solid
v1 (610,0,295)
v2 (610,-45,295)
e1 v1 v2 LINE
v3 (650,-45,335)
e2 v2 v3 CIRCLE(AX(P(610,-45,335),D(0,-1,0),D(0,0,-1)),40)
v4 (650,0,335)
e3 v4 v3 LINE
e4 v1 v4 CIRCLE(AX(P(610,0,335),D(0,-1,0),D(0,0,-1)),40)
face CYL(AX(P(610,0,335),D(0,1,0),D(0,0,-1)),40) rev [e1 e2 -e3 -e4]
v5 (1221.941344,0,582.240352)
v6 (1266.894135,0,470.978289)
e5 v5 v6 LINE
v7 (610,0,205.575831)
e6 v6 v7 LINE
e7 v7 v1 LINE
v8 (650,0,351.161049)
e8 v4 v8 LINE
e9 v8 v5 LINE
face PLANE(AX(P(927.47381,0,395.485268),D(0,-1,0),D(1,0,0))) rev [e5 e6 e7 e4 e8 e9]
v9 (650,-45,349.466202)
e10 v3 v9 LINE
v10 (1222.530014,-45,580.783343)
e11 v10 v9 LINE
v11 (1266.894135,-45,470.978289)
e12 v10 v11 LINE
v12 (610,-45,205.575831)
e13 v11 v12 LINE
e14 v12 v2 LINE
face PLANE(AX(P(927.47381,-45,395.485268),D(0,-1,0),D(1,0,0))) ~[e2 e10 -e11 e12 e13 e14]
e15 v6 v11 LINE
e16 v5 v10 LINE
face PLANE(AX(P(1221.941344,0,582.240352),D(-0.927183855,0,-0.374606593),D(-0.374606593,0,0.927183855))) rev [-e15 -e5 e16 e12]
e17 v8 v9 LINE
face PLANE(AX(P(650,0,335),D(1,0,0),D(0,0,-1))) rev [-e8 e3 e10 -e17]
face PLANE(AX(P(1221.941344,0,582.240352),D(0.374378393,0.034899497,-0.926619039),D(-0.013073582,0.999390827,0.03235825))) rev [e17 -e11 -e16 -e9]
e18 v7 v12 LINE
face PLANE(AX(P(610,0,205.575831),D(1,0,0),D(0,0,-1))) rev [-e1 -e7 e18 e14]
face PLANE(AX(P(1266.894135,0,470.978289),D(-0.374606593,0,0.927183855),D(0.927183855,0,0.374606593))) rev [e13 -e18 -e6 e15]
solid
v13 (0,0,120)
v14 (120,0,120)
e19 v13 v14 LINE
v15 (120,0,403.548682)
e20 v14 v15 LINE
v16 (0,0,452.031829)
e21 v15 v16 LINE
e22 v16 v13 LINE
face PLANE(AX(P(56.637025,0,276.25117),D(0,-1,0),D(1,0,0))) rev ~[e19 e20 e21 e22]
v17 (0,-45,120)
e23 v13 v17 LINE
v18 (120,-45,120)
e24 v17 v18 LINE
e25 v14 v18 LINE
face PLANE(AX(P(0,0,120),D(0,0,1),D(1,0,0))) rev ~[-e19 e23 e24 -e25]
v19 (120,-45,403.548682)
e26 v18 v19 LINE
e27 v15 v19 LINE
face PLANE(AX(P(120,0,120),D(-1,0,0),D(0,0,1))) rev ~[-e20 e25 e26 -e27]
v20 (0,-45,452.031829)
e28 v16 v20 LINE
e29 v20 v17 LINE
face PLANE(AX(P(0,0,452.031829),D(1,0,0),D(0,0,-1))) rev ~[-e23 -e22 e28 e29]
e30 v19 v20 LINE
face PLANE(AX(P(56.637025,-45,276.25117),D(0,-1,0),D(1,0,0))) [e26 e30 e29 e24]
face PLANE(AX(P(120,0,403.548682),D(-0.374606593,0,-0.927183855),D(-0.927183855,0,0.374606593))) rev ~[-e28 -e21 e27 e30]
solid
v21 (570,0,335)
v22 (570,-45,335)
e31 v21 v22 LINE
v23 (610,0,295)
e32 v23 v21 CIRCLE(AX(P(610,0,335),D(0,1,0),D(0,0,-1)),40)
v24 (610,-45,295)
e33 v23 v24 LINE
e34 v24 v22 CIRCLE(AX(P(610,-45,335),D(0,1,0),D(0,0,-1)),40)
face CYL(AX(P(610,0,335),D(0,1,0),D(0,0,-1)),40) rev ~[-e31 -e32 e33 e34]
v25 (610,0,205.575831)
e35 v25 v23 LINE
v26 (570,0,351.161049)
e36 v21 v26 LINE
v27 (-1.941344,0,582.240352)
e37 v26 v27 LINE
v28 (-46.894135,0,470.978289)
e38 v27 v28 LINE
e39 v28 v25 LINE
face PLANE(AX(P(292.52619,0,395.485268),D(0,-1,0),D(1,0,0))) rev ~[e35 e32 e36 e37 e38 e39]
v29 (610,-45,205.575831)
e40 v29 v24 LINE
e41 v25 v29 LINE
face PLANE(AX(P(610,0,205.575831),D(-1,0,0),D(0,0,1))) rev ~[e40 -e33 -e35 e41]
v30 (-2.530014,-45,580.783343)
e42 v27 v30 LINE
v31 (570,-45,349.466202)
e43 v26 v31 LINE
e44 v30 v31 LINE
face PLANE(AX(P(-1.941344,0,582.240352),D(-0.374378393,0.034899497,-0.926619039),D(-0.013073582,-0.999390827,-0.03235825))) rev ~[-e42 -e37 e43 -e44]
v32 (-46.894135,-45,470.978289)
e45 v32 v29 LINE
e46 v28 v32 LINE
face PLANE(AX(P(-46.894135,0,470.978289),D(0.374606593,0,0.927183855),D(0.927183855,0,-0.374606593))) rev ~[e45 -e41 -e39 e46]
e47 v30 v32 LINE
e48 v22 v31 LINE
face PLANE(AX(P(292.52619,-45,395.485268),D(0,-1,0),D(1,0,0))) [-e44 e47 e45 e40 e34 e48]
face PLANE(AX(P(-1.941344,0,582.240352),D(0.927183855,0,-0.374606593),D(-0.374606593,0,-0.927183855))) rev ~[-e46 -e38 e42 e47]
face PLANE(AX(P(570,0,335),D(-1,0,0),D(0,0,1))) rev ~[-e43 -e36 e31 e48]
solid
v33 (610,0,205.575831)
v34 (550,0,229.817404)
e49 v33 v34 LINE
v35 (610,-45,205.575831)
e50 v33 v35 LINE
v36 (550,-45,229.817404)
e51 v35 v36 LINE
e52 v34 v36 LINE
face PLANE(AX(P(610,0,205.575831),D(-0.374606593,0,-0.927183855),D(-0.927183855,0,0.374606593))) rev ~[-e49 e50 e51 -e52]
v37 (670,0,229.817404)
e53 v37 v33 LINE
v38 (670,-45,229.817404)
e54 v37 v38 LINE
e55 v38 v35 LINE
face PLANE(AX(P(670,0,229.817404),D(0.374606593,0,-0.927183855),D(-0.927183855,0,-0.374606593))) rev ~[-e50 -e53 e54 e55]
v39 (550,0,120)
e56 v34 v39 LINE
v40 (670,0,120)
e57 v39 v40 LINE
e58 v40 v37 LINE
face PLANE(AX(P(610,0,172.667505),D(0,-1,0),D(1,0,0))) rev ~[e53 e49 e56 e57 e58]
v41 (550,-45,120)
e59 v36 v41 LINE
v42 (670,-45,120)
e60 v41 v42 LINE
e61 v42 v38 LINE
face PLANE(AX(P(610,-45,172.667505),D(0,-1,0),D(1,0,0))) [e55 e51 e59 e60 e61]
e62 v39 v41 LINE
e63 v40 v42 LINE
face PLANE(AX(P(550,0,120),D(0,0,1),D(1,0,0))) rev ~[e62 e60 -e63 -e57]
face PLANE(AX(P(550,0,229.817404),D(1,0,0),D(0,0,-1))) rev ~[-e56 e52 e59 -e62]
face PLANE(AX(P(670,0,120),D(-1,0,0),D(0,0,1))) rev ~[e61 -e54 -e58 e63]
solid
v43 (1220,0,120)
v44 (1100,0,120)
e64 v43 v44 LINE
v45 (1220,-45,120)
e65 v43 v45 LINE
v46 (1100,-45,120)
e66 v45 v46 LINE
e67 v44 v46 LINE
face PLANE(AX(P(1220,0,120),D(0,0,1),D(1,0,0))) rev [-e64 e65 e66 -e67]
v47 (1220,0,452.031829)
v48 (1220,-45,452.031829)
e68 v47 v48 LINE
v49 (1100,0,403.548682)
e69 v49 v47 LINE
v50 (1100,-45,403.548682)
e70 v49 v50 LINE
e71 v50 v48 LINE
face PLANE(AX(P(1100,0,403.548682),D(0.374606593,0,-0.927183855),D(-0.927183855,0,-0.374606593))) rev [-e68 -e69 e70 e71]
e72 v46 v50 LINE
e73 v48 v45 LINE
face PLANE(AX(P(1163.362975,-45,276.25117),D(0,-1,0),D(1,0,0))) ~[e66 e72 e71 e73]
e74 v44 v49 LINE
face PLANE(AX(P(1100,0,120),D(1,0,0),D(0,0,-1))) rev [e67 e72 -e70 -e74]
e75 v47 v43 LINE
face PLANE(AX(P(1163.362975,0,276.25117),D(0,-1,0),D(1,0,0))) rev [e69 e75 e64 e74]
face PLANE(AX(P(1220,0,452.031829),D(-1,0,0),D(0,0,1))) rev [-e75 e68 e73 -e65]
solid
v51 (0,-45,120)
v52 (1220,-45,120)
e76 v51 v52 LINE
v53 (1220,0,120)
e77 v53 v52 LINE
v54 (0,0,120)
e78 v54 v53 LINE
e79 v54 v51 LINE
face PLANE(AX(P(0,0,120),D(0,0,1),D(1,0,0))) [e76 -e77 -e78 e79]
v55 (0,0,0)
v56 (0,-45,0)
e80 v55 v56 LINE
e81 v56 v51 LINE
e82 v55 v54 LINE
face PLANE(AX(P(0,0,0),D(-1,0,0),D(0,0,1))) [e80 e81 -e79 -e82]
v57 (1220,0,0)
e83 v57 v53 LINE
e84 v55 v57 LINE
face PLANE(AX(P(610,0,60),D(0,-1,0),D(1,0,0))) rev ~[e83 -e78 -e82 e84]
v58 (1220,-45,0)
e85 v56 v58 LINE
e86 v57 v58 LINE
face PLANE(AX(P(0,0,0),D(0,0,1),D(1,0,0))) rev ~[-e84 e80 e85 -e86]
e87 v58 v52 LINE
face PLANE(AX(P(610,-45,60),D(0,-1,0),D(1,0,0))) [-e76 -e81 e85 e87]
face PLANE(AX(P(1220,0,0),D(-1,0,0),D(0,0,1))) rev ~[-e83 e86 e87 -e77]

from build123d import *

# Parameters (mm, degrees)
F0_W      = 1220
F0_H      = 120
F1_DEPTH  = 45
F4_DEPTH  = 45
F6_DEPTH  = 1351.0763600801
F8_DEPTH  = 45
F11_DEPTH = 45


with BuildPart() as f1:
    # F0 (on Front) → F1 (new body)
    with BuildSketch(Plane.XZ):
        with Locations((610, 60)):
            Rectangle(F0_W, F0_H)
    extrude(amount=F1_DEPTH)


with BuildPart() as f4:
    # F3 (on Front) → F4 (new body)
    with BuildSketch(Plane.XZ):
        with BuildLine():
            Line((570, 335), (570, 351.1610490334))
            Line((570, 351.1610490334), (-1.9413440141, 582.2403516545))
            Line((-1.9413440141, 582.2403516545), (-46.894135224, 470.9782891065))
            Line((-46.894135224, 470.9782891065), (610, 205.5758308787))
            Line((610, 205.5758308787), (610, 295))
            ThreePointArc((610, 295), (581.7157287525, 306.7157287525), (570, 335))
        make_face()
    extrude(amount=F4_DEPTH)

    # F5 (on face) → F6 (cut, through all)
    with BuildSketch(Plane(origin=(-203.8979819627, 0, 82.3801321078), x_dir=(0, -1, 0), z_dir=(-0.9271838546, 0, 0.3746065934))):
        Polygon((45, 537.5451786365), (45, 539.1166132636), (0, 539.1166132636), align=None)
    extrude(amount=-F6_DEPTH, mode=Mode.SUBTRACT)


with BuildPart() as f8:
    # F7 (on Front) → F8 (new body)
    with BuildSketch(Plane.XZ):
        Polygon((0, 452.0318286381), (0, 120), (120, 120), (120, 403.5486815379), align=None)
    extrude(amount=F8_DEPTH)


with BuildPart() as f9_1:
    # F9: instance of F4
    add(f4.part.mirror(Plane.YZ.offset(610)))


with BuildPart() as f9_2:
    # F9: instance of F8
    add(f8.part.mirror(Plane.YZ.offset(610)))


with BuildPart() as f11:
    # F10 (on Front) → F11 (new body)
    with BuildSketch(Plane.XZ):
        Polygon((550, 120), (670, 120), (670, 229.8174044288), (610, 205.5758308787), (550, 229.8174044288), align=None)
    extrude(amount=F11_DEPTH)


solid = Compound([f1.part, f4.part, f8.part, f9_1.part, f9_2.part, f11.part])
